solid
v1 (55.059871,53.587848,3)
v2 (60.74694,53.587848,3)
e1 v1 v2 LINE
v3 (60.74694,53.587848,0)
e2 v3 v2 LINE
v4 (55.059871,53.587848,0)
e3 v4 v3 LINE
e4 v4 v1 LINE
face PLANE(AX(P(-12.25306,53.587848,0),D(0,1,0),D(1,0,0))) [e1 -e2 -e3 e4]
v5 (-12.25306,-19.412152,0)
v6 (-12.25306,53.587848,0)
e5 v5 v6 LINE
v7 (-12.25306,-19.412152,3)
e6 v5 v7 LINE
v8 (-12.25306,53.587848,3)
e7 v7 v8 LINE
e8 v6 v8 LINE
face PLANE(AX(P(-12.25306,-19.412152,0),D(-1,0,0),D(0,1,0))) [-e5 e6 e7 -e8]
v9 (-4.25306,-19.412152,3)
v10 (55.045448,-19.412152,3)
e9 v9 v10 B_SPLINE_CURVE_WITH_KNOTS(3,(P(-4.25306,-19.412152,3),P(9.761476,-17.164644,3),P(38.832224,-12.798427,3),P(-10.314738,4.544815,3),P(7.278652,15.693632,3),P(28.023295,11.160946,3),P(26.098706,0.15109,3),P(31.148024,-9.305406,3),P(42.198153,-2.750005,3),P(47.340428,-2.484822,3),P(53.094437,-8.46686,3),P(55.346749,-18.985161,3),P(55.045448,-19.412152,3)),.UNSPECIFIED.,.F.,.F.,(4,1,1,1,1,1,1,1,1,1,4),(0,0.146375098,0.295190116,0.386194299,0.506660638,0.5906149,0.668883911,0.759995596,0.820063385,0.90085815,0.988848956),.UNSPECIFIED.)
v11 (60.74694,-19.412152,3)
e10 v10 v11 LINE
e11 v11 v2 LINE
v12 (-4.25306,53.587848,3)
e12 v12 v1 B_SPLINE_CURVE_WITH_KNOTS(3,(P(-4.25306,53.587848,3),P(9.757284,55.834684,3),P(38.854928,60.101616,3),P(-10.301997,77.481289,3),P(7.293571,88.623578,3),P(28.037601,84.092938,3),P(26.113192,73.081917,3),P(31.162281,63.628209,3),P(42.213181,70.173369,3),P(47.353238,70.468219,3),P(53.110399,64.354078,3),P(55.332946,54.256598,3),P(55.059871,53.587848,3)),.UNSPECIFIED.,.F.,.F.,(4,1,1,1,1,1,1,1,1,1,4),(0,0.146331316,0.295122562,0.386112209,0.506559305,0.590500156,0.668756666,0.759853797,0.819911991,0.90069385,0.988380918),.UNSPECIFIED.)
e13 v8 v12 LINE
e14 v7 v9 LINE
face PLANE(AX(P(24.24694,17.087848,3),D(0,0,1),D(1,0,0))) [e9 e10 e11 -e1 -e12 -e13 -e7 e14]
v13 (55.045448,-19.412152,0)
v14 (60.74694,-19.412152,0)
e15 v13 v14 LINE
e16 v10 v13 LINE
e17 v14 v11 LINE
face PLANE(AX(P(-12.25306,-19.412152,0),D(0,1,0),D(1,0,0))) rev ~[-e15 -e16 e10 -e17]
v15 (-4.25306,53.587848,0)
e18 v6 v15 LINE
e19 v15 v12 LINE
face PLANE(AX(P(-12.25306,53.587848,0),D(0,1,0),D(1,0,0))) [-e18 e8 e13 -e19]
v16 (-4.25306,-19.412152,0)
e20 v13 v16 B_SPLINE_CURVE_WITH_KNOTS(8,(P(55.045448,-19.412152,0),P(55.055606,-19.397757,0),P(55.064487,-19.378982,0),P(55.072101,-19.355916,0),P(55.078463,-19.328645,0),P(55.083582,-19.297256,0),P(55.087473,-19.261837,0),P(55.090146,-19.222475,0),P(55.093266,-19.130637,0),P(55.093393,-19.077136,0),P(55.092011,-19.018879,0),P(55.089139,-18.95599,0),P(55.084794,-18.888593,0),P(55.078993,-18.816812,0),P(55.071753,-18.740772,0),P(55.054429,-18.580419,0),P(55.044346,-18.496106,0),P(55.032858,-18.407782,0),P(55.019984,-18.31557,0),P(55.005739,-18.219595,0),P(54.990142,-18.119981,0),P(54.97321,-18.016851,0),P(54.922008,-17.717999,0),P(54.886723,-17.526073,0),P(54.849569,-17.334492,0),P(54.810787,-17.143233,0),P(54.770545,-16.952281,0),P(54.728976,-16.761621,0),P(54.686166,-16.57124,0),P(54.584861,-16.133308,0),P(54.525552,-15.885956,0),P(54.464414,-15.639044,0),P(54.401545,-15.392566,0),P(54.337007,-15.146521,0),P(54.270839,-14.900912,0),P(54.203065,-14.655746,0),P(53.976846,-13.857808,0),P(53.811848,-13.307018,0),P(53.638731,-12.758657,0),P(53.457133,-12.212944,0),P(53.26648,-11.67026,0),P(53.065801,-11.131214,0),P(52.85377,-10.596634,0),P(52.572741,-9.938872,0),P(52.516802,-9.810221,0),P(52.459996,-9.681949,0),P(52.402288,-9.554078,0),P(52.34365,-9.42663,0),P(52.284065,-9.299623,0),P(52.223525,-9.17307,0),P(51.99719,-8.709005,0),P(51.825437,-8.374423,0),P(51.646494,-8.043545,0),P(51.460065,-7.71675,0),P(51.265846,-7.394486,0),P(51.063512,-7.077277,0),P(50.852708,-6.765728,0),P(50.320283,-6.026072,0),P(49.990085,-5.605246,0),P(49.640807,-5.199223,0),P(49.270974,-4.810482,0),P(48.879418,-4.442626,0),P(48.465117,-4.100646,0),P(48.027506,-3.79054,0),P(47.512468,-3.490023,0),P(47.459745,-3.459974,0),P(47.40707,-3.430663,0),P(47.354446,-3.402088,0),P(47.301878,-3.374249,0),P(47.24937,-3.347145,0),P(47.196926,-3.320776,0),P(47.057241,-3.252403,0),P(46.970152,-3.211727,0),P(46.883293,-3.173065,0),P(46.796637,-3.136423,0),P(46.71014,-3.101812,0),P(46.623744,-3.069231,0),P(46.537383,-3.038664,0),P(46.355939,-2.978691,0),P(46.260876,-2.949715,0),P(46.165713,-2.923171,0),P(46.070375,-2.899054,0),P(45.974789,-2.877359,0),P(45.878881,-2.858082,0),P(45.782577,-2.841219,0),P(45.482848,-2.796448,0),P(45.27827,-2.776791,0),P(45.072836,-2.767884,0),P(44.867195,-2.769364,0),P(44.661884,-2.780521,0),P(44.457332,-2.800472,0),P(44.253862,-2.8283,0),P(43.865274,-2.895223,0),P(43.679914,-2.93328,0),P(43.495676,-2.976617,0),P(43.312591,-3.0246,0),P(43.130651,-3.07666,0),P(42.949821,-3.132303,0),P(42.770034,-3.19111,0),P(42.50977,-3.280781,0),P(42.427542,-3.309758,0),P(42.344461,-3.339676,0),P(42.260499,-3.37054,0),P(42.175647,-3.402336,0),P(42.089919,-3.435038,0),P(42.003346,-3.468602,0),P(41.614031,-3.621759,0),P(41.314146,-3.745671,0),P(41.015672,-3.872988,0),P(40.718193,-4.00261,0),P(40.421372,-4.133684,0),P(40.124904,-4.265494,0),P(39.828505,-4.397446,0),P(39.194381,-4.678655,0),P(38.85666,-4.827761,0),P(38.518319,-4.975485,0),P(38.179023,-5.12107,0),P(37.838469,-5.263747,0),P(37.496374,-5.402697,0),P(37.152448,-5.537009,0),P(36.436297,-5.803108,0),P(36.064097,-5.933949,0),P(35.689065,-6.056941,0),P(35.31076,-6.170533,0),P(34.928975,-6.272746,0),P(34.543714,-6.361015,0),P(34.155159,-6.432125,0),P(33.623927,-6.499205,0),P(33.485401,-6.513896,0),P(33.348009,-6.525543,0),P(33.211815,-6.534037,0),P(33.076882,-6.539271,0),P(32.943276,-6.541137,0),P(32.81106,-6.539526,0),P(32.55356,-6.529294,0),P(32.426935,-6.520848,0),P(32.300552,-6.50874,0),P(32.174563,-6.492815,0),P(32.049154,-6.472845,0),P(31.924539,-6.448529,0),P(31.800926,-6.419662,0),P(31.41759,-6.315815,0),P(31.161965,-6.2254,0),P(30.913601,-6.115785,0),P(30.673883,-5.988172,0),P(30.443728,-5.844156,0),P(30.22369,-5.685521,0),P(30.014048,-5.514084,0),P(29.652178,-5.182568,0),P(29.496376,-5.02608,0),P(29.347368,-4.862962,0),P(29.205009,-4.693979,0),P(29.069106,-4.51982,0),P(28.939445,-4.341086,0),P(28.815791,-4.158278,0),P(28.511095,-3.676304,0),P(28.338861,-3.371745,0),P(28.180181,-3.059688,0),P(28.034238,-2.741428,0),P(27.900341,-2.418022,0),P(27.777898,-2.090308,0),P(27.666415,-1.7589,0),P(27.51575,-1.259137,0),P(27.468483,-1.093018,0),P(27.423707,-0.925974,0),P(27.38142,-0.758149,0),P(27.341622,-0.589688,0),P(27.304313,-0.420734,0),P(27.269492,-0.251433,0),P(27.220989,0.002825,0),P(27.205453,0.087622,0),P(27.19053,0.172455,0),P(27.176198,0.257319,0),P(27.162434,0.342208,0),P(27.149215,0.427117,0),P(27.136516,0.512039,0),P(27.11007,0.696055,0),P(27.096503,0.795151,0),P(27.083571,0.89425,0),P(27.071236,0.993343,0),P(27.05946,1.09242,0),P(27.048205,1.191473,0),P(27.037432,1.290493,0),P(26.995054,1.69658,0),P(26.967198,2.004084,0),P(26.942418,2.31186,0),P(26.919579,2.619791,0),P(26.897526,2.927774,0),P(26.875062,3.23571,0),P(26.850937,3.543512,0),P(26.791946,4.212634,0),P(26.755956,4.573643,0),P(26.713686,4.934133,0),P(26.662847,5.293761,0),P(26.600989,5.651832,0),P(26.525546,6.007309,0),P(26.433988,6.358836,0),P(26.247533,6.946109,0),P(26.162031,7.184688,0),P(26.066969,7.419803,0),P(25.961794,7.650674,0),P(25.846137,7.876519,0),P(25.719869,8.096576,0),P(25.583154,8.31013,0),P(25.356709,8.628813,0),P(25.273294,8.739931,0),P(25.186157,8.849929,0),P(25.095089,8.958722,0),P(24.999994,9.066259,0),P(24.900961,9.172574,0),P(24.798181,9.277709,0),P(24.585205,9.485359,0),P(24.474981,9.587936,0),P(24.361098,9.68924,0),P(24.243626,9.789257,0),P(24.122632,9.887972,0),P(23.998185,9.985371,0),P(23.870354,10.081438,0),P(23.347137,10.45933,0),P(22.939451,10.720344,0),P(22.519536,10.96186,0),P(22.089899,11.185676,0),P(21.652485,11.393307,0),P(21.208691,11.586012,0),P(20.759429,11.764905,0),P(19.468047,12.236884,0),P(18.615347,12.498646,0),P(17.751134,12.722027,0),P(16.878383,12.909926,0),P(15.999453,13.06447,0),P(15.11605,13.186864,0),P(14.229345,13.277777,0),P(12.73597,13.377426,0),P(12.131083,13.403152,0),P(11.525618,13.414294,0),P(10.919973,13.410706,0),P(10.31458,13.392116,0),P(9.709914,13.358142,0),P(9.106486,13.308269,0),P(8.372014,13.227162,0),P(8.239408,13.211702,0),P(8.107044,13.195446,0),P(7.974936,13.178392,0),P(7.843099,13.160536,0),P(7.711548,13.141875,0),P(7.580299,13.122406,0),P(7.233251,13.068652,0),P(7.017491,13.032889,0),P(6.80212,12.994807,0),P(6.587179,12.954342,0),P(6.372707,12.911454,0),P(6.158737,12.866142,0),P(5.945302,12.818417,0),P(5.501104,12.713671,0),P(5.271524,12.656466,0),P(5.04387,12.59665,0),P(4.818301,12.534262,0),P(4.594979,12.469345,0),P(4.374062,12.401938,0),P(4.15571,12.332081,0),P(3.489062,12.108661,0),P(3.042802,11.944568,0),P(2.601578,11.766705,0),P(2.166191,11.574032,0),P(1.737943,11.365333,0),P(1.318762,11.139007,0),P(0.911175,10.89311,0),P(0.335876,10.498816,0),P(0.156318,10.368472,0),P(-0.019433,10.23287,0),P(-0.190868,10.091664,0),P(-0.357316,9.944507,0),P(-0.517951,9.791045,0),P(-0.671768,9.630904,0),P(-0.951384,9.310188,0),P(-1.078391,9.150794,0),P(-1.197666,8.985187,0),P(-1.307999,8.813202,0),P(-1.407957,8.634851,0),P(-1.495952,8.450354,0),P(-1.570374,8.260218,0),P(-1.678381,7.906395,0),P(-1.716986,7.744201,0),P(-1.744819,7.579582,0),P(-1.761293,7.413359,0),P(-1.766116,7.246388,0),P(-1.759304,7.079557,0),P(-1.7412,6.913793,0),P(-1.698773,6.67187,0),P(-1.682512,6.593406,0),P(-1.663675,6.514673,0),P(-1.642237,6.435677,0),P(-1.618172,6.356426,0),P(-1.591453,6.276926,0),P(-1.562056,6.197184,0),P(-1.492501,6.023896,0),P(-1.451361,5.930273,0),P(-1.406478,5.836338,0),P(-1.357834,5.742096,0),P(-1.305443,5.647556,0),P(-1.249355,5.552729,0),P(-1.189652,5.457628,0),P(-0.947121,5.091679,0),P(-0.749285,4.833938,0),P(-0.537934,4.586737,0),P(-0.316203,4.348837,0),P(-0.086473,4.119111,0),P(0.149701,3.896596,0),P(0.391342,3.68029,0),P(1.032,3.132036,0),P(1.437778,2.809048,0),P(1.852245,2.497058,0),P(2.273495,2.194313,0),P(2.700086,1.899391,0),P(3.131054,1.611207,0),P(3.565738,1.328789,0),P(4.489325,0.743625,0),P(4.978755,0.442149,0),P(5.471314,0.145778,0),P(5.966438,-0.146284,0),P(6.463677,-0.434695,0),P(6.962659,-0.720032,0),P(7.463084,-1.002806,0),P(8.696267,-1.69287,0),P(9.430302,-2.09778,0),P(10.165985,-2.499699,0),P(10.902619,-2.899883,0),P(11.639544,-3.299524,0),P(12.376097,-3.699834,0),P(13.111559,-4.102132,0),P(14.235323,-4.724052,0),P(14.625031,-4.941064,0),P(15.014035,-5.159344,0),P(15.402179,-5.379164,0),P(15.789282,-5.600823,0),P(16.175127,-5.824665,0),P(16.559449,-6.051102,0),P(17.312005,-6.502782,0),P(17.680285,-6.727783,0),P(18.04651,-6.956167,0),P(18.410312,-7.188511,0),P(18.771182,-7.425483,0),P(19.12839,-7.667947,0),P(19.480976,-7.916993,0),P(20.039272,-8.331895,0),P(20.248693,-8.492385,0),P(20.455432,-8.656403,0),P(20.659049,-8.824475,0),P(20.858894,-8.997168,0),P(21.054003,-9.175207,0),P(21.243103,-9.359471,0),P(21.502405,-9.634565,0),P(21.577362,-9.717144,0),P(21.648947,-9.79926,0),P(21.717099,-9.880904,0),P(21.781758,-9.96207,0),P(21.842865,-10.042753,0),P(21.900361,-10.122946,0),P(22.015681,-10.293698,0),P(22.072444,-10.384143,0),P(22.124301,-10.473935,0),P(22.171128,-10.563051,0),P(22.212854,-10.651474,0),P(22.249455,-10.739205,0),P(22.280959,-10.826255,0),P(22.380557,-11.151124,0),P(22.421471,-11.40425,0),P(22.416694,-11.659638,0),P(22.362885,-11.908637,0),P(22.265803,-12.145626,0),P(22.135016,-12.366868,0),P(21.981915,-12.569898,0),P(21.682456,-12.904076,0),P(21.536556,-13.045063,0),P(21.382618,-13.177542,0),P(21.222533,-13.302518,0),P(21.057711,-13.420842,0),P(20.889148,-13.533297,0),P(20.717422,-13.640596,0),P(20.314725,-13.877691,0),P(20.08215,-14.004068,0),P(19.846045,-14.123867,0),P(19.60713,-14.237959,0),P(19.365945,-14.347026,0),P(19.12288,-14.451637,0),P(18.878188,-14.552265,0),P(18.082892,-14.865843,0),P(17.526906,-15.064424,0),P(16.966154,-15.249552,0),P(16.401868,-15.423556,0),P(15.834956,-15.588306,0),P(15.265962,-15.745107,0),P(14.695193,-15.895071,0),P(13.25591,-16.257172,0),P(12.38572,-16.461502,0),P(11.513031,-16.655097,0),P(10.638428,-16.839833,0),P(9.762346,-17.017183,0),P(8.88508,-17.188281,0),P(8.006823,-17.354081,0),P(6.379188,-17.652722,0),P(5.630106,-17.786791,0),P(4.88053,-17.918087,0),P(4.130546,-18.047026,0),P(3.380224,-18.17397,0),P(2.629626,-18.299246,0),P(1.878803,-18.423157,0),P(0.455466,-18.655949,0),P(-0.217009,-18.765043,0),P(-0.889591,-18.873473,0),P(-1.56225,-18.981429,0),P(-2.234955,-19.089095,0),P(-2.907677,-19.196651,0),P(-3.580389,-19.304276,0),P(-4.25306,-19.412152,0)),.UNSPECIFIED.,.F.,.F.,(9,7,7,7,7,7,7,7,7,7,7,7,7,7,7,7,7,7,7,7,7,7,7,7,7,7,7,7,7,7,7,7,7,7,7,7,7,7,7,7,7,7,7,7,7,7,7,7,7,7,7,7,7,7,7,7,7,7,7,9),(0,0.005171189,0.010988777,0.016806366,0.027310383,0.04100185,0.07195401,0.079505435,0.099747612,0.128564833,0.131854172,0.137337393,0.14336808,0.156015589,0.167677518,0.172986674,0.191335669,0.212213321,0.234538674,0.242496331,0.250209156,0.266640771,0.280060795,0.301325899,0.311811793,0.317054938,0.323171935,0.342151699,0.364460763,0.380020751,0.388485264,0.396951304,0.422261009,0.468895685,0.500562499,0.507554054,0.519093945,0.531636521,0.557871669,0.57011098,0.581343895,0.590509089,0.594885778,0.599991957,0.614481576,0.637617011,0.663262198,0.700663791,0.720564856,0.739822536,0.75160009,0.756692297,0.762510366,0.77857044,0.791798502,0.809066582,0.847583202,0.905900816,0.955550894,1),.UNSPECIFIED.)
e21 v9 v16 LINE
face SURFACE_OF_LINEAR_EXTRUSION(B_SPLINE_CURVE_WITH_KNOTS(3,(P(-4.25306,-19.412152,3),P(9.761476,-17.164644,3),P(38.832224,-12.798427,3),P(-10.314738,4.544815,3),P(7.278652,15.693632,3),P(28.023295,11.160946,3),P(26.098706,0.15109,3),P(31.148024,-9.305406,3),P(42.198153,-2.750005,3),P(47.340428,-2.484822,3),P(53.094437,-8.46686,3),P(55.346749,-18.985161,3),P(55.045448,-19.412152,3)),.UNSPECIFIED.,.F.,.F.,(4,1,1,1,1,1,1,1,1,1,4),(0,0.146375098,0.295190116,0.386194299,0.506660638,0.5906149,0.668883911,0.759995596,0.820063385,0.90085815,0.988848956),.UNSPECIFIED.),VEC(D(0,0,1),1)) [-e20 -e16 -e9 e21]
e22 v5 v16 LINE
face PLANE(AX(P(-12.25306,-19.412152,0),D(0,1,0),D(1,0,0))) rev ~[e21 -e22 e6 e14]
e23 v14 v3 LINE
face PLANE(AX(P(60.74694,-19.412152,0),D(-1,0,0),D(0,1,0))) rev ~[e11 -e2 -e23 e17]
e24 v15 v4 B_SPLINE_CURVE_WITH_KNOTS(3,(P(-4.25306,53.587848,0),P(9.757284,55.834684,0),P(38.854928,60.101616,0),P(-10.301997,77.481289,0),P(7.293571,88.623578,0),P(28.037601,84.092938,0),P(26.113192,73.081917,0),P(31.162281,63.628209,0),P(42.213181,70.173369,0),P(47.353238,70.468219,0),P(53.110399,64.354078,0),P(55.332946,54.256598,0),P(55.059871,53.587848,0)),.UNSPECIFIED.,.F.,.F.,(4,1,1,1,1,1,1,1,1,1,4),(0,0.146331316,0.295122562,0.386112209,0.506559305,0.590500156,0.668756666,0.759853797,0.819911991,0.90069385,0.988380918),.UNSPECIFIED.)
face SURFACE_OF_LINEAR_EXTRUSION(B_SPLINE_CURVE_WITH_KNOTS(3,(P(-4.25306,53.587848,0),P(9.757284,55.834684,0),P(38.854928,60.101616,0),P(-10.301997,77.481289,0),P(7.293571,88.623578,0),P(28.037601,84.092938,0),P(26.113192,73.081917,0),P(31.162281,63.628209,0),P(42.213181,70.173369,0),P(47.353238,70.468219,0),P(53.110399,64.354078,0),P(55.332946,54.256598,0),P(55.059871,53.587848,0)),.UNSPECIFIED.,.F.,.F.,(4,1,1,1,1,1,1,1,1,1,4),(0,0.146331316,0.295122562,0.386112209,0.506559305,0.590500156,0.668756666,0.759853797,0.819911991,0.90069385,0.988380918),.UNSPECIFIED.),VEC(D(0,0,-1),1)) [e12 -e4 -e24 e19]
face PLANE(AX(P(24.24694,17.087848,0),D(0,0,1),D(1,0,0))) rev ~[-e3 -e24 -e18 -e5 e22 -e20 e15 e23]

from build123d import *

# Parameters (mm, degrees)
F0_W     = 73
F0_H     = 73
F1_DEPTH = 3
F3_DEPTH = 3.001
F5_DEPTH = 3


with BuildPart() as f1:
    # F0 (on Top) → F1 (new body)
    with BuildSketch(Plane.XY):
        with Locations((24.2469399944, 17.0878475308)):
            Rectangle(F0_W, F0_H)
    extrude(amount=F1_DEPTH)

    # F2 (on face) → F3 (cut, through all)
    with BuildSketch(Plane.XY.offset(3)):
        with BuildLine():
            add(Edge.make_bspline(
                [(-4.2530600056, -19.4121524692), (9.7614755937, -17.1646439544), (38.83222382, -12.7984268668), (-10.3147384332, 4.5448152904), (7.2786524363, 15.6936316041), (28.0232952981, 11.1609458484), (26.0987060671, 0.1510895132), (31.1480240981, -9.3054055137), (42.1981525123, -2.7500045604), (47.3404282577, -2.4848224363), (53.0944368924, -8.4668601942), (55.346748887, -18.9851613792), (55.0454482436, -19.4121524692)],
                knots=[0, 0, 0, 0, 0.1463750981, 0.2951901159, 0.3861942989, 0.5066606382, 0.5906148998, 0.6688839114, 0.7599955961, 0.8200633851, 0.9008581497, 0.9888489562, 0.9888489562, 0.9888489562, 0.9888489562], degree=3))
            Line((-4.2530600056, -19.4121524692), (54.8836812377, -19.4121524692))
            Line((54.8836812377, -19.4121524692), (55.0454482436, -19.4121524692))
        make_face()
        with BuildLine():
            add(Edge.make_bspline(
                [(55.0454482436, -19.4121524692), (55.0072645197, -19.4662648989), (54.9453841617, -19.4391698381), (54.8836812377, -19.4121524692)],
                knots=[0.9888489562, 0.9888489562, 0.9888489562, 0.9888489562, 1, 1, 1, 1], degree=3))
            Line((55.0454482436, -19.4121524692), (54.8836812377, -19.4121524692))
        make_face()
    extrude(amount=-F3_DEPTH, mode=Mode.SUBTRACT)

    # F4 (on Top) → F5 (join)
    with BuildSketch(Plane.XY):
        with BuildLine():
            add(Edge.make_bspline(
                [(-4.2530600056, 53.5878475308), (9.7572836683, 55.8346837873), (38.8549281853, 60.1016164588), (-10.3019966607, 77.4812889746), (7.2935711292, 88.6235782131), (28.0376014143, 84.0929381985), (26.1131922913, 73.0819169154), (31.1622810393, 63.628209063), (42.2131805352, 70.1733685201), (47.353238474, 70.4682185098), (53.1103988271, 64.3540782432), (55.3329460523, 54.2565977801), (55.059871085, 53.5878475308)],
                knots=[0, 0, 0, 0, 0.1463313155, 0.2951225623, 0.3861122087, 0.5065593053, 0.5905001565, 0.6687566658, 0.7598537967, 0.8199119908, 0.9006938496, 0.9883809185, 0.9883809185, 0.9883809185, 0.9883809185], degree=3))
            Line((-4.2530600056, 53.5878475308), (55.059871085, 53.5878475308))
        make_face()
    extrude(amount=F5_DEPTH)


solid = f1.part
